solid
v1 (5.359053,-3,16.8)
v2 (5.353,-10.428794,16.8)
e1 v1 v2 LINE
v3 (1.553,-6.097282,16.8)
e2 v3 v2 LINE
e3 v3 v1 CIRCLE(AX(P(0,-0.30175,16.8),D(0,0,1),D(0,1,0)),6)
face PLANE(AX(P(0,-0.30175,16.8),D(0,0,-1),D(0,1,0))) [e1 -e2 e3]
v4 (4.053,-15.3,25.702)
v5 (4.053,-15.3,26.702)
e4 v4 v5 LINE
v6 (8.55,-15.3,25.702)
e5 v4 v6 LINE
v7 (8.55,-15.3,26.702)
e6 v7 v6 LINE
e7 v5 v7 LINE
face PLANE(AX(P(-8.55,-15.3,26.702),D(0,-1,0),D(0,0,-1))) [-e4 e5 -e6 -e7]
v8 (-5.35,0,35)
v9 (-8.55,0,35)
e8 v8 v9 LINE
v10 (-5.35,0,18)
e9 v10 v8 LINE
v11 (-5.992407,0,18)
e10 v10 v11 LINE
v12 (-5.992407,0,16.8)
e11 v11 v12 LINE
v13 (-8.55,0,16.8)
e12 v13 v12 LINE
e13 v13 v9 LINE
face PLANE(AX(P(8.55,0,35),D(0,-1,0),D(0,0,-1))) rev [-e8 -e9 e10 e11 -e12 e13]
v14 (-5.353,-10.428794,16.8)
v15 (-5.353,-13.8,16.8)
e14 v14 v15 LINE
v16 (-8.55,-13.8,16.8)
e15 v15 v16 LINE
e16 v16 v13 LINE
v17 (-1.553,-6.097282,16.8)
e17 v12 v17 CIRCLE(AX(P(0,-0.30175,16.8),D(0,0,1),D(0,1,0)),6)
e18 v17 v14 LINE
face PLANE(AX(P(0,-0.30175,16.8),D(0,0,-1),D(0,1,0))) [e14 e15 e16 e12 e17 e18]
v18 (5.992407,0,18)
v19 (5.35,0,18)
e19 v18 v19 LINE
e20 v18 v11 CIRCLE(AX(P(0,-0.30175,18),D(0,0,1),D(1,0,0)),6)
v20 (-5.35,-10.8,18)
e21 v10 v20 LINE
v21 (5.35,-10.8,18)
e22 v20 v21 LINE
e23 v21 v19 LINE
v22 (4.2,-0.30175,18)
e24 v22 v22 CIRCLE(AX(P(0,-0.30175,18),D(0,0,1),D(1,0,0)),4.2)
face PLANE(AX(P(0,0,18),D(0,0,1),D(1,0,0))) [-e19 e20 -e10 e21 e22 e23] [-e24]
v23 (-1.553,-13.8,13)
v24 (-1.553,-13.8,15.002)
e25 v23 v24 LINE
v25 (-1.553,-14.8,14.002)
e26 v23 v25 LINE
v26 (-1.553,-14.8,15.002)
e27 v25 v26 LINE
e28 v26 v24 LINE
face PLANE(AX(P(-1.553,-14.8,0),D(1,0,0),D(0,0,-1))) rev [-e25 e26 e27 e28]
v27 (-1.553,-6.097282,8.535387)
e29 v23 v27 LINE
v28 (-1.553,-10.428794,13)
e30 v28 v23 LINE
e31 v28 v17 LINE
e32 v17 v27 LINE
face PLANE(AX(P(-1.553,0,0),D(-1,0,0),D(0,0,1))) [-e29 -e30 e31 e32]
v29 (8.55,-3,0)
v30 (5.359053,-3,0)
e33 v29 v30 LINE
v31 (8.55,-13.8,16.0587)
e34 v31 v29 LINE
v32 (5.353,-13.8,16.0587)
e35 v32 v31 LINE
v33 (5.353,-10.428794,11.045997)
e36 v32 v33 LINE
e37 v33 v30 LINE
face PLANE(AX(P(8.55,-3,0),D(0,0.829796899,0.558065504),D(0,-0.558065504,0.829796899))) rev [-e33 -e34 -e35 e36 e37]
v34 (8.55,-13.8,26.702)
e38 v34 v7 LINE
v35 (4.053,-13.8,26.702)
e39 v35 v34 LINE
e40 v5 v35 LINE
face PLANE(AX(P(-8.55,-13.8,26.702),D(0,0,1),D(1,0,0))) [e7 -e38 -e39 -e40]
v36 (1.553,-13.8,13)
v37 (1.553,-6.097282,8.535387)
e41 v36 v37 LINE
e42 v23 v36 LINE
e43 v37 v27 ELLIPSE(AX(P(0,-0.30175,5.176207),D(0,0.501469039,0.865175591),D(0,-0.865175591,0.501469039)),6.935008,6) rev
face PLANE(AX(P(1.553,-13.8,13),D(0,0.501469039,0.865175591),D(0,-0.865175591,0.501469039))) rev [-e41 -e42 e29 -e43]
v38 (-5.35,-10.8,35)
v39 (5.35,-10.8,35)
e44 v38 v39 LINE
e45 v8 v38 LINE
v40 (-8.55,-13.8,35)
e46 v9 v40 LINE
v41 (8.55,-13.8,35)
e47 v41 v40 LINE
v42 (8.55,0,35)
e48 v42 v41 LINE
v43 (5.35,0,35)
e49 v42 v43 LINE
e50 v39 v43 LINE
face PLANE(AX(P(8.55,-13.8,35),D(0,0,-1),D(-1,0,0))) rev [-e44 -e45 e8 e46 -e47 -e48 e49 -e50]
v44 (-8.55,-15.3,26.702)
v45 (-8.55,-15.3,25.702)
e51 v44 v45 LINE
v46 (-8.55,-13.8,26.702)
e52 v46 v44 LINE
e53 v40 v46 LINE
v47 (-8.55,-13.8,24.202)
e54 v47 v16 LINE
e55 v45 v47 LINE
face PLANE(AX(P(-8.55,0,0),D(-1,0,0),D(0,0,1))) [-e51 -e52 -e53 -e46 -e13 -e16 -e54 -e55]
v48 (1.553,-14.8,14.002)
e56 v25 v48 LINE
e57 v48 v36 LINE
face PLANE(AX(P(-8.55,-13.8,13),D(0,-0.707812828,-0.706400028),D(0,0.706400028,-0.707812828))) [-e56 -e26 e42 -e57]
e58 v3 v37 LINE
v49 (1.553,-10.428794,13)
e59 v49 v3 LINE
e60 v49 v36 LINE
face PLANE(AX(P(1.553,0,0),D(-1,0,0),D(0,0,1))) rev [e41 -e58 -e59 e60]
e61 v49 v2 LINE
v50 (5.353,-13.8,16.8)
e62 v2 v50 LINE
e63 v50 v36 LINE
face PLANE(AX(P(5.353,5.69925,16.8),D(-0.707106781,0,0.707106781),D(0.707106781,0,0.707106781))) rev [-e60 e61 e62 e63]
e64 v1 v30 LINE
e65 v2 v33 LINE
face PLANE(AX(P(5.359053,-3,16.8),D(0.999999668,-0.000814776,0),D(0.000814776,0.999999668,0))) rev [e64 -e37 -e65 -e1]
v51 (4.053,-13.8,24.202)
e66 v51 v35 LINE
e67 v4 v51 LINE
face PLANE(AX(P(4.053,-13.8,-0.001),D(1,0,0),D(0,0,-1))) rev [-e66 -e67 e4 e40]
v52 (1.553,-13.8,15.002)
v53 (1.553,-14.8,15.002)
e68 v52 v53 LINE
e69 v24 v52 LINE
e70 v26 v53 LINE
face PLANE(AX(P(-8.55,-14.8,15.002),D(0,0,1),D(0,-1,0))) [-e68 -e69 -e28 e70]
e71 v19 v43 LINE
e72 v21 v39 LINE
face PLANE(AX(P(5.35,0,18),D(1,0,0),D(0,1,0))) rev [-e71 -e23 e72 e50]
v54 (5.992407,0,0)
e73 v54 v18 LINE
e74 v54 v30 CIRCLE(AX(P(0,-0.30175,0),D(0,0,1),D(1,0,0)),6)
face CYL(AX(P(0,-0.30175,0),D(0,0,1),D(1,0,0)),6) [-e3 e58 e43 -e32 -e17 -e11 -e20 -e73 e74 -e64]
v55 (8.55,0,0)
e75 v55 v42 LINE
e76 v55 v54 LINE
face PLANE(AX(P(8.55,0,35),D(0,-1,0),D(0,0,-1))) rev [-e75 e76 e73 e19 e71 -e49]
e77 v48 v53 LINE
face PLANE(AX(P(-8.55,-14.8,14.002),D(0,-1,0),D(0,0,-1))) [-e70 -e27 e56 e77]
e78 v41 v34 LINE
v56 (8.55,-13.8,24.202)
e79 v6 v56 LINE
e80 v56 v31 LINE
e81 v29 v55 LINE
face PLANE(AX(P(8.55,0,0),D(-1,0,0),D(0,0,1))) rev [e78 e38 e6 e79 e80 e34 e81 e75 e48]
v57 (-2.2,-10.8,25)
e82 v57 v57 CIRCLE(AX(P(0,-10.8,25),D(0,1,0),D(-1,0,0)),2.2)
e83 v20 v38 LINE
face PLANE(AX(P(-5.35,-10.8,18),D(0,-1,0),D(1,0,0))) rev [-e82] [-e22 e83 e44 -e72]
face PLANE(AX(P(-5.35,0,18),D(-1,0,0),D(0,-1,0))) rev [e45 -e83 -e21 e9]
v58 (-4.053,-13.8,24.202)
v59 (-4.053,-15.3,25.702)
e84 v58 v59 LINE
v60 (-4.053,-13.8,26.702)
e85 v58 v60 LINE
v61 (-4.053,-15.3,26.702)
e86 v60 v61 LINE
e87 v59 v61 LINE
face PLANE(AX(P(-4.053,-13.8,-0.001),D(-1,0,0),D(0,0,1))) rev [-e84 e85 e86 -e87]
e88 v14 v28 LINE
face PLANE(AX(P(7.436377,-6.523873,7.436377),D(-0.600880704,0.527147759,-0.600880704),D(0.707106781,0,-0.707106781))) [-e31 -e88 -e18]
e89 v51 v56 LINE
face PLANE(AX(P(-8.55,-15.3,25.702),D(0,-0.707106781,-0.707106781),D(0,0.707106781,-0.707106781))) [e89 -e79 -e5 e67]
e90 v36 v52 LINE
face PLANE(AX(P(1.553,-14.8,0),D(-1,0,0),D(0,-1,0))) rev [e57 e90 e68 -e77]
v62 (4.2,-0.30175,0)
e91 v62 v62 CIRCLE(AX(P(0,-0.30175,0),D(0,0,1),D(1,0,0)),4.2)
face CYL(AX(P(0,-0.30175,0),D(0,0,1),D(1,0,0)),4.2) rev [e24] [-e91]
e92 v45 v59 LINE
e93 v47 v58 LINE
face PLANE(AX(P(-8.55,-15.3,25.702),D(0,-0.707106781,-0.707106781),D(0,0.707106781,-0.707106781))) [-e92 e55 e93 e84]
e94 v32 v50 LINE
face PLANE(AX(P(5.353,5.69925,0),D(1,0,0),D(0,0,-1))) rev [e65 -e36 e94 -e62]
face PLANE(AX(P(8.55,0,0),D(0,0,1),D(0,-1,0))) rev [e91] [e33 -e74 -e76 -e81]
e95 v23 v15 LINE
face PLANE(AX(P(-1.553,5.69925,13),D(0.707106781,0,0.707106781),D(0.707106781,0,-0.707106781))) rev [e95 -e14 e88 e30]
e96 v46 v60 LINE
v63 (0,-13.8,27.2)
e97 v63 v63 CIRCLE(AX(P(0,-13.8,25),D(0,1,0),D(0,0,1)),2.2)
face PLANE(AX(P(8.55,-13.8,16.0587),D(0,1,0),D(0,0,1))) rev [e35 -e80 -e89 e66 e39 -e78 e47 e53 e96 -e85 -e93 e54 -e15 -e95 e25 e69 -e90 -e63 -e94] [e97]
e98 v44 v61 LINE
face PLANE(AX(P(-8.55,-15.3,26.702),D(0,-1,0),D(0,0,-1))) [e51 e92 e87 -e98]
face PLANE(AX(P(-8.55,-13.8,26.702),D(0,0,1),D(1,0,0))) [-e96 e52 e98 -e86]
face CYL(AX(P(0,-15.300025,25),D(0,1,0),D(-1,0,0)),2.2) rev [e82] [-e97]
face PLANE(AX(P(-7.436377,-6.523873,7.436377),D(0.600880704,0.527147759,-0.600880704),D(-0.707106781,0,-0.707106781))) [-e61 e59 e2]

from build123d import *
from build123d.topology import SkipClean

# Parameters (mm, degrees)
BOSS_EXTRUDE1_DEPTH     = 8.55
SKETCH2_W               = 10.7
SKETCH2_H               = 10.8
CUT_EXTRUDE1_DEPTH      = 17
SKETCH3_R               = 6
BOSS_EXTRUDE2_DEPTH     = 18
SKETCH4_R               = 4.2
CUT_EXTRUDE2_DEPTH      = 25.239275979
BOSS_EXTRUDE5_DEPTH     = 17.1
SKETCH7_R               = 2.2
CUT_EXTRUDE3_DEPTH      = 40.626944786
CUT_EXTRUDE4_REACH      = 33.94
SKETCH10_W              = 8.106
SKETCH10_H              = 1.5
SKETCH11_W              = 6.997
SKETCH11_H              = 1
CUT_EXTRUDE5_DEPTH      = 27.591587091
CUT_EXTRUDE6_REACH      = 42.967
CUT_EXTRUDE6_END_RADIUS = 6
CUT_EXTRUDE7_START      = -16.8
CUT_EXTRUDE7_DEPTH      = 16.8
BOSS_EXTRUDE6_DEPTH     = 1.553
BOSS_EXTRUDE7_REACH     = 36.128
CUT_EXTRUDE8_START      = -16.8
CUT_EXTRUDE8_DEPTH      = 16.8
CUT_EXTRUDE9_REACH      = 43.851


with BuildPart() as part:
    # Sketch1 → Boss-Extrude1 (new, symmetric)
    with BuildSketch(Plane(origin=(0, 0, 0), x_dir=(0, 0, -1), z_dir=(1, 0, 0))):
        Polygon((0, 0), (0, -3), (-16.0587, -13.8), (-35, -13.8), (-35, 0), align=None)
    extrude(amount=BOSS_EXTRUDE1_DEPTH, both=True)

    # Sketch2 → Cut-Extrude1 (cut)
    with BuildSketch(Plane.XY.offset(35)):
        with Locations((0, -5.4)):
            Rectangle(SKETCH2_W, SKETCH2_H)
    extrude(amount=-CUT_EXTRUDE1_DEPTH, mode=Mode.SUBTRACT)

    # Sketch3 → Boss-Extrude2 (add, through all)
    with BuildSketch(Plane.XY.offset(18)):
        with Locations((0, -0.30175)):
            Circle(SKETCH3_R)
    extrude(amount=-BOSS_EXTRUDE2_DEPTH)

    # Sketch4 → Cut-Extrude2 (cut, through all)
    with BuildSketch(Plane.XY.offset(18)):
        with Locations((0, -0.30175)):
            Circle(SKETCH4_R)
    extrude(amount=-CUT_EXTRUDE2_DEPTH, mode=Mode.SUBTRACT)

    # Sketch8 → Boss-Extrude5 (add, through all)
    with BuildSketch(Plane(origin=(8.55, 0, 0), x_dir=(0, 0, -1), z_dir=(1, 0, 0))):
        Polygon((-26.702, -13.8), (-26.702, -15.3), (-25.702, -15.3), (-24.202, -13.8), align=None)
        Polygon((-16.0587, -13.8), (-15.002, -13.8), (-15.002, -14.8), (-14.002, -14.8), (-13, -13.8), (-11.045997115, -10.428793666), align=None)
    extrude(amount=-BOSS_EXTRUDE5_DEPTH)

    # Sketch7 → Cut-Extrude3 (cut, through all)
    with BuildSketch(Plane(origin=(0, -10.8, 0), x_dir=(1, 0, 0), z_dir=(0, 1, 0))):
        with Locations(Location((0, -25, 0), (0, 0, 180))):
            Circle(SKETCH7_R)
    extrude(amount=-CUT_EXTRUDE3_DEPTH, mode=Mode.SUBTRACT)

    # Cut-Extrude4: up to this plane
    cut_extrude4_end = Plane(origin=(-8.55, -15.3, 25.702), z_dir=(0, -0.7071067811865471, -0.707106781186548))
    # Sketch10 → Cut-Extrude4 (cut, up to the surface)
    with BuildSketch(Plane.XY.offset(26.702), mode=Mode.PRIVATE) as cut_extrude4_sk1:
        with Locations((0, -14.55)):
            Rectangle(SKETCH10_W, SKETCH10_H)
    cut_extrude4_tool1 = split(extrude(cut_extrude4_sk1.sketch, amount=-CUT_EXTRUDE4_REACH, mode=Mode.PRIVATE), bisect_by=cut_extrude4_end, keep=Keep.BOTH, mode=Mode.PRIVATE)
    add(cut_extrude4_tool1.solids().sort_by_distance((0, -14.55, 26.702))[0], mode=Mode.SUBTRACT)

    # Sketch11 → Cut-Extrude5 (cut, through all)
    with BuildSketch(Plane.XY.offset(15.002)):
        with Locations((-5.0515, -14.3)):
            Rectangle(SKETCH11_W, SKETCH11_H)
        with Locations((5.0515, -14.3)):
            Rectangle(SKETCH11_W, SKETCH11_H)
    extrude(amount=-CUT_EXTRUDE5_DEPTH, mode=Mode.SUBTRACT)

    # Cut-Extrude6: up to this cylinder (the profile starts outside it)
    cut_extrude6_end = Plane(origin=(0, -0.30175, 7.230062), z_dir=(0, 0, 1)) * Cylinder(CUT_EXTRUDE6_END_RADIUS, 98.934, mode=Mode.PRIVATE)
    # Sketch12 → Cut-Extrude6 (cut, up to the surface)
    with BuildSketch(Plane.XZ.offset(13.8), mode=Mode.PRIVATE) as cut_extrude6_sk1:
        Polygon((-1.553, 13), (-5.353, 16.8), (-5.353, 0), (5.353, 0), (5.353, 16.8), (1.553, 13), align=None)
    cut_extrude6_tool1 = extrude(cut_extrude6_sk1.sketch, amount=-CUT_EXTRUDE6_REACH, mode=Mode.PRIVATE) - cut_extrude6_end
    add(cut_extrude6_tool1.solids().sort_by_distance((0, -13.8, 7.230062))[0], mode=Mode.SUBTRACT)

    # Sketch13 → Cut-Extrude7 (cut)
    with SkipClean():  # the faces are left unmerged after this step: merging them gives an invalid solid
        with BuildSketch(Plane(origin=(0, 0, 0), x_dir=(-1, 0, 0), z_dir=(0, 0, -1)).offset(CUT_EXTRUDE7_START)):
            with BuildLine():
                Line((-5.359052802, -3), (-5.353, -10.428793666))
                Line((-5.353, -10.428793666), (5.353, -10.428793666))
                Line((5.353, -10.428793666), (5.359052802, -3))
                ThreePointArc((5.359052802, -3), (0, -6.30175), (-5.359052802, -3))
            make_face()
        extrude(amount=CUT_EXTRUDE7_DEPTH, mode=Mode.SUBTRACT)

    # Sketch14 → Boss-Extrude6 (add, symmetric)
    with SkipClean():  # the faces are left unmerged after this step: merging them gives an invalid solid
        with BuildSketch(Plane(origin=(0, 0, 0), x_dir=(0, 0, -1), z_dir=(1, 0, 0))):
            Polygon((-13, -13.8), (-8.073269662, -5.3), (-16.8, -5.3), (-16.8, -13.8), align=None)
        extrude(amount=BOSS_EXTRUDE6_DEPTH, both=True)

    # Sketch15 → Boss-Extrude7 (add, up to next)
    with BuildSketch(Plane(origin=(-7.436377386, -6.523873454, 7.436377386), x_dir=(-0.7993387140757535, 0.3962687040508023, -0.4516953999872244), z_dir=(0.6008807037838052, 0.5271477588310114, -0.6008807037838052)), mode=Mode.PRIVATE) as boss_extrude7_sk1:
        Polygon((-11.246017774, 0.733681451), (-11.246017774, 6.495798547), (-15.999947407, 3.239704803), align=None)
    boss_extrude7_tool1 = extrude(boss_extrude7_sk1.sketch, amount=-BOSS_EXTRUDE7_REACH, mode=Mode.PRIVATE) - part.part
    boss_extrude7 = boss_extrude7_tool1.solids().sort_by_distance((2.819667, -8.984956, 15.533333))[0]
    add(boss_extrude7)

    # Mirror1: Boss-Extrude7 across plane
    with SkipClean():  # the faces are left unmerged after this step: merging them gives an invalid solid
        add(boss_extrude7.mirror(Plane(origin=(0, 0, 0), x_dir=(0, 0, 1), z_dir=(1, 0, 0))))

    # Sketch16 → Cut-Extrude8 (cut)
    with SkipClean():  # the faces are left unmerged after this step: merging them gives an invalid solid
        with BuildSketch(Plane(origin=(0, 0, 0), x_dir=(-1, 0, 0), z_dir=(0, 0, -1)).offset(CUT_EXTRUDE8_START)):
            with BuildLine():
                Line((5.992407441, 0), (8.55, 0))
                Line((8.55, 0), (8.55, -13.8))
                Line((8.55, -13.8), (5.353, -13.8))
                Line((5.353, -13.8), (5.353, -3.011988181))
                ThreePointArc((5.353, -3.011988181), (5.869206565, -1.547709188), (5.992407441, 0))
            make_face()
        extrude(amount=CUT_EXTRUDE8_DEPTH, mode=Mode.SUBTRACT)

    # Sketch17 → Cut-Extrude9 (cut, up to next)
    with BuildSketch(Plane(origin=(8.55, 0, 0), x_dir=(0, 0, -1), z_dir=(1, 0, 0)), mode=Mode.PRIVATE) as cut_extrude9_sk1:
        Polygon((-11.045997115, -10.428793666), (-13, -13.8), (-16.0587, -13.8), align=None)
    cut_extrude9_tool1 = extrude(cut_extrude9_sk1.sketch, amount=-CUT_EXTRUDE9_REACH, mode=Mode.PRIVATE) & part.part
    add(cut_extrude9_tool1.solids().sort_by_distance((8.55, -12.676265, 13.368232))[0], mode=Mode.SUBTRACT)


solid = part.part
